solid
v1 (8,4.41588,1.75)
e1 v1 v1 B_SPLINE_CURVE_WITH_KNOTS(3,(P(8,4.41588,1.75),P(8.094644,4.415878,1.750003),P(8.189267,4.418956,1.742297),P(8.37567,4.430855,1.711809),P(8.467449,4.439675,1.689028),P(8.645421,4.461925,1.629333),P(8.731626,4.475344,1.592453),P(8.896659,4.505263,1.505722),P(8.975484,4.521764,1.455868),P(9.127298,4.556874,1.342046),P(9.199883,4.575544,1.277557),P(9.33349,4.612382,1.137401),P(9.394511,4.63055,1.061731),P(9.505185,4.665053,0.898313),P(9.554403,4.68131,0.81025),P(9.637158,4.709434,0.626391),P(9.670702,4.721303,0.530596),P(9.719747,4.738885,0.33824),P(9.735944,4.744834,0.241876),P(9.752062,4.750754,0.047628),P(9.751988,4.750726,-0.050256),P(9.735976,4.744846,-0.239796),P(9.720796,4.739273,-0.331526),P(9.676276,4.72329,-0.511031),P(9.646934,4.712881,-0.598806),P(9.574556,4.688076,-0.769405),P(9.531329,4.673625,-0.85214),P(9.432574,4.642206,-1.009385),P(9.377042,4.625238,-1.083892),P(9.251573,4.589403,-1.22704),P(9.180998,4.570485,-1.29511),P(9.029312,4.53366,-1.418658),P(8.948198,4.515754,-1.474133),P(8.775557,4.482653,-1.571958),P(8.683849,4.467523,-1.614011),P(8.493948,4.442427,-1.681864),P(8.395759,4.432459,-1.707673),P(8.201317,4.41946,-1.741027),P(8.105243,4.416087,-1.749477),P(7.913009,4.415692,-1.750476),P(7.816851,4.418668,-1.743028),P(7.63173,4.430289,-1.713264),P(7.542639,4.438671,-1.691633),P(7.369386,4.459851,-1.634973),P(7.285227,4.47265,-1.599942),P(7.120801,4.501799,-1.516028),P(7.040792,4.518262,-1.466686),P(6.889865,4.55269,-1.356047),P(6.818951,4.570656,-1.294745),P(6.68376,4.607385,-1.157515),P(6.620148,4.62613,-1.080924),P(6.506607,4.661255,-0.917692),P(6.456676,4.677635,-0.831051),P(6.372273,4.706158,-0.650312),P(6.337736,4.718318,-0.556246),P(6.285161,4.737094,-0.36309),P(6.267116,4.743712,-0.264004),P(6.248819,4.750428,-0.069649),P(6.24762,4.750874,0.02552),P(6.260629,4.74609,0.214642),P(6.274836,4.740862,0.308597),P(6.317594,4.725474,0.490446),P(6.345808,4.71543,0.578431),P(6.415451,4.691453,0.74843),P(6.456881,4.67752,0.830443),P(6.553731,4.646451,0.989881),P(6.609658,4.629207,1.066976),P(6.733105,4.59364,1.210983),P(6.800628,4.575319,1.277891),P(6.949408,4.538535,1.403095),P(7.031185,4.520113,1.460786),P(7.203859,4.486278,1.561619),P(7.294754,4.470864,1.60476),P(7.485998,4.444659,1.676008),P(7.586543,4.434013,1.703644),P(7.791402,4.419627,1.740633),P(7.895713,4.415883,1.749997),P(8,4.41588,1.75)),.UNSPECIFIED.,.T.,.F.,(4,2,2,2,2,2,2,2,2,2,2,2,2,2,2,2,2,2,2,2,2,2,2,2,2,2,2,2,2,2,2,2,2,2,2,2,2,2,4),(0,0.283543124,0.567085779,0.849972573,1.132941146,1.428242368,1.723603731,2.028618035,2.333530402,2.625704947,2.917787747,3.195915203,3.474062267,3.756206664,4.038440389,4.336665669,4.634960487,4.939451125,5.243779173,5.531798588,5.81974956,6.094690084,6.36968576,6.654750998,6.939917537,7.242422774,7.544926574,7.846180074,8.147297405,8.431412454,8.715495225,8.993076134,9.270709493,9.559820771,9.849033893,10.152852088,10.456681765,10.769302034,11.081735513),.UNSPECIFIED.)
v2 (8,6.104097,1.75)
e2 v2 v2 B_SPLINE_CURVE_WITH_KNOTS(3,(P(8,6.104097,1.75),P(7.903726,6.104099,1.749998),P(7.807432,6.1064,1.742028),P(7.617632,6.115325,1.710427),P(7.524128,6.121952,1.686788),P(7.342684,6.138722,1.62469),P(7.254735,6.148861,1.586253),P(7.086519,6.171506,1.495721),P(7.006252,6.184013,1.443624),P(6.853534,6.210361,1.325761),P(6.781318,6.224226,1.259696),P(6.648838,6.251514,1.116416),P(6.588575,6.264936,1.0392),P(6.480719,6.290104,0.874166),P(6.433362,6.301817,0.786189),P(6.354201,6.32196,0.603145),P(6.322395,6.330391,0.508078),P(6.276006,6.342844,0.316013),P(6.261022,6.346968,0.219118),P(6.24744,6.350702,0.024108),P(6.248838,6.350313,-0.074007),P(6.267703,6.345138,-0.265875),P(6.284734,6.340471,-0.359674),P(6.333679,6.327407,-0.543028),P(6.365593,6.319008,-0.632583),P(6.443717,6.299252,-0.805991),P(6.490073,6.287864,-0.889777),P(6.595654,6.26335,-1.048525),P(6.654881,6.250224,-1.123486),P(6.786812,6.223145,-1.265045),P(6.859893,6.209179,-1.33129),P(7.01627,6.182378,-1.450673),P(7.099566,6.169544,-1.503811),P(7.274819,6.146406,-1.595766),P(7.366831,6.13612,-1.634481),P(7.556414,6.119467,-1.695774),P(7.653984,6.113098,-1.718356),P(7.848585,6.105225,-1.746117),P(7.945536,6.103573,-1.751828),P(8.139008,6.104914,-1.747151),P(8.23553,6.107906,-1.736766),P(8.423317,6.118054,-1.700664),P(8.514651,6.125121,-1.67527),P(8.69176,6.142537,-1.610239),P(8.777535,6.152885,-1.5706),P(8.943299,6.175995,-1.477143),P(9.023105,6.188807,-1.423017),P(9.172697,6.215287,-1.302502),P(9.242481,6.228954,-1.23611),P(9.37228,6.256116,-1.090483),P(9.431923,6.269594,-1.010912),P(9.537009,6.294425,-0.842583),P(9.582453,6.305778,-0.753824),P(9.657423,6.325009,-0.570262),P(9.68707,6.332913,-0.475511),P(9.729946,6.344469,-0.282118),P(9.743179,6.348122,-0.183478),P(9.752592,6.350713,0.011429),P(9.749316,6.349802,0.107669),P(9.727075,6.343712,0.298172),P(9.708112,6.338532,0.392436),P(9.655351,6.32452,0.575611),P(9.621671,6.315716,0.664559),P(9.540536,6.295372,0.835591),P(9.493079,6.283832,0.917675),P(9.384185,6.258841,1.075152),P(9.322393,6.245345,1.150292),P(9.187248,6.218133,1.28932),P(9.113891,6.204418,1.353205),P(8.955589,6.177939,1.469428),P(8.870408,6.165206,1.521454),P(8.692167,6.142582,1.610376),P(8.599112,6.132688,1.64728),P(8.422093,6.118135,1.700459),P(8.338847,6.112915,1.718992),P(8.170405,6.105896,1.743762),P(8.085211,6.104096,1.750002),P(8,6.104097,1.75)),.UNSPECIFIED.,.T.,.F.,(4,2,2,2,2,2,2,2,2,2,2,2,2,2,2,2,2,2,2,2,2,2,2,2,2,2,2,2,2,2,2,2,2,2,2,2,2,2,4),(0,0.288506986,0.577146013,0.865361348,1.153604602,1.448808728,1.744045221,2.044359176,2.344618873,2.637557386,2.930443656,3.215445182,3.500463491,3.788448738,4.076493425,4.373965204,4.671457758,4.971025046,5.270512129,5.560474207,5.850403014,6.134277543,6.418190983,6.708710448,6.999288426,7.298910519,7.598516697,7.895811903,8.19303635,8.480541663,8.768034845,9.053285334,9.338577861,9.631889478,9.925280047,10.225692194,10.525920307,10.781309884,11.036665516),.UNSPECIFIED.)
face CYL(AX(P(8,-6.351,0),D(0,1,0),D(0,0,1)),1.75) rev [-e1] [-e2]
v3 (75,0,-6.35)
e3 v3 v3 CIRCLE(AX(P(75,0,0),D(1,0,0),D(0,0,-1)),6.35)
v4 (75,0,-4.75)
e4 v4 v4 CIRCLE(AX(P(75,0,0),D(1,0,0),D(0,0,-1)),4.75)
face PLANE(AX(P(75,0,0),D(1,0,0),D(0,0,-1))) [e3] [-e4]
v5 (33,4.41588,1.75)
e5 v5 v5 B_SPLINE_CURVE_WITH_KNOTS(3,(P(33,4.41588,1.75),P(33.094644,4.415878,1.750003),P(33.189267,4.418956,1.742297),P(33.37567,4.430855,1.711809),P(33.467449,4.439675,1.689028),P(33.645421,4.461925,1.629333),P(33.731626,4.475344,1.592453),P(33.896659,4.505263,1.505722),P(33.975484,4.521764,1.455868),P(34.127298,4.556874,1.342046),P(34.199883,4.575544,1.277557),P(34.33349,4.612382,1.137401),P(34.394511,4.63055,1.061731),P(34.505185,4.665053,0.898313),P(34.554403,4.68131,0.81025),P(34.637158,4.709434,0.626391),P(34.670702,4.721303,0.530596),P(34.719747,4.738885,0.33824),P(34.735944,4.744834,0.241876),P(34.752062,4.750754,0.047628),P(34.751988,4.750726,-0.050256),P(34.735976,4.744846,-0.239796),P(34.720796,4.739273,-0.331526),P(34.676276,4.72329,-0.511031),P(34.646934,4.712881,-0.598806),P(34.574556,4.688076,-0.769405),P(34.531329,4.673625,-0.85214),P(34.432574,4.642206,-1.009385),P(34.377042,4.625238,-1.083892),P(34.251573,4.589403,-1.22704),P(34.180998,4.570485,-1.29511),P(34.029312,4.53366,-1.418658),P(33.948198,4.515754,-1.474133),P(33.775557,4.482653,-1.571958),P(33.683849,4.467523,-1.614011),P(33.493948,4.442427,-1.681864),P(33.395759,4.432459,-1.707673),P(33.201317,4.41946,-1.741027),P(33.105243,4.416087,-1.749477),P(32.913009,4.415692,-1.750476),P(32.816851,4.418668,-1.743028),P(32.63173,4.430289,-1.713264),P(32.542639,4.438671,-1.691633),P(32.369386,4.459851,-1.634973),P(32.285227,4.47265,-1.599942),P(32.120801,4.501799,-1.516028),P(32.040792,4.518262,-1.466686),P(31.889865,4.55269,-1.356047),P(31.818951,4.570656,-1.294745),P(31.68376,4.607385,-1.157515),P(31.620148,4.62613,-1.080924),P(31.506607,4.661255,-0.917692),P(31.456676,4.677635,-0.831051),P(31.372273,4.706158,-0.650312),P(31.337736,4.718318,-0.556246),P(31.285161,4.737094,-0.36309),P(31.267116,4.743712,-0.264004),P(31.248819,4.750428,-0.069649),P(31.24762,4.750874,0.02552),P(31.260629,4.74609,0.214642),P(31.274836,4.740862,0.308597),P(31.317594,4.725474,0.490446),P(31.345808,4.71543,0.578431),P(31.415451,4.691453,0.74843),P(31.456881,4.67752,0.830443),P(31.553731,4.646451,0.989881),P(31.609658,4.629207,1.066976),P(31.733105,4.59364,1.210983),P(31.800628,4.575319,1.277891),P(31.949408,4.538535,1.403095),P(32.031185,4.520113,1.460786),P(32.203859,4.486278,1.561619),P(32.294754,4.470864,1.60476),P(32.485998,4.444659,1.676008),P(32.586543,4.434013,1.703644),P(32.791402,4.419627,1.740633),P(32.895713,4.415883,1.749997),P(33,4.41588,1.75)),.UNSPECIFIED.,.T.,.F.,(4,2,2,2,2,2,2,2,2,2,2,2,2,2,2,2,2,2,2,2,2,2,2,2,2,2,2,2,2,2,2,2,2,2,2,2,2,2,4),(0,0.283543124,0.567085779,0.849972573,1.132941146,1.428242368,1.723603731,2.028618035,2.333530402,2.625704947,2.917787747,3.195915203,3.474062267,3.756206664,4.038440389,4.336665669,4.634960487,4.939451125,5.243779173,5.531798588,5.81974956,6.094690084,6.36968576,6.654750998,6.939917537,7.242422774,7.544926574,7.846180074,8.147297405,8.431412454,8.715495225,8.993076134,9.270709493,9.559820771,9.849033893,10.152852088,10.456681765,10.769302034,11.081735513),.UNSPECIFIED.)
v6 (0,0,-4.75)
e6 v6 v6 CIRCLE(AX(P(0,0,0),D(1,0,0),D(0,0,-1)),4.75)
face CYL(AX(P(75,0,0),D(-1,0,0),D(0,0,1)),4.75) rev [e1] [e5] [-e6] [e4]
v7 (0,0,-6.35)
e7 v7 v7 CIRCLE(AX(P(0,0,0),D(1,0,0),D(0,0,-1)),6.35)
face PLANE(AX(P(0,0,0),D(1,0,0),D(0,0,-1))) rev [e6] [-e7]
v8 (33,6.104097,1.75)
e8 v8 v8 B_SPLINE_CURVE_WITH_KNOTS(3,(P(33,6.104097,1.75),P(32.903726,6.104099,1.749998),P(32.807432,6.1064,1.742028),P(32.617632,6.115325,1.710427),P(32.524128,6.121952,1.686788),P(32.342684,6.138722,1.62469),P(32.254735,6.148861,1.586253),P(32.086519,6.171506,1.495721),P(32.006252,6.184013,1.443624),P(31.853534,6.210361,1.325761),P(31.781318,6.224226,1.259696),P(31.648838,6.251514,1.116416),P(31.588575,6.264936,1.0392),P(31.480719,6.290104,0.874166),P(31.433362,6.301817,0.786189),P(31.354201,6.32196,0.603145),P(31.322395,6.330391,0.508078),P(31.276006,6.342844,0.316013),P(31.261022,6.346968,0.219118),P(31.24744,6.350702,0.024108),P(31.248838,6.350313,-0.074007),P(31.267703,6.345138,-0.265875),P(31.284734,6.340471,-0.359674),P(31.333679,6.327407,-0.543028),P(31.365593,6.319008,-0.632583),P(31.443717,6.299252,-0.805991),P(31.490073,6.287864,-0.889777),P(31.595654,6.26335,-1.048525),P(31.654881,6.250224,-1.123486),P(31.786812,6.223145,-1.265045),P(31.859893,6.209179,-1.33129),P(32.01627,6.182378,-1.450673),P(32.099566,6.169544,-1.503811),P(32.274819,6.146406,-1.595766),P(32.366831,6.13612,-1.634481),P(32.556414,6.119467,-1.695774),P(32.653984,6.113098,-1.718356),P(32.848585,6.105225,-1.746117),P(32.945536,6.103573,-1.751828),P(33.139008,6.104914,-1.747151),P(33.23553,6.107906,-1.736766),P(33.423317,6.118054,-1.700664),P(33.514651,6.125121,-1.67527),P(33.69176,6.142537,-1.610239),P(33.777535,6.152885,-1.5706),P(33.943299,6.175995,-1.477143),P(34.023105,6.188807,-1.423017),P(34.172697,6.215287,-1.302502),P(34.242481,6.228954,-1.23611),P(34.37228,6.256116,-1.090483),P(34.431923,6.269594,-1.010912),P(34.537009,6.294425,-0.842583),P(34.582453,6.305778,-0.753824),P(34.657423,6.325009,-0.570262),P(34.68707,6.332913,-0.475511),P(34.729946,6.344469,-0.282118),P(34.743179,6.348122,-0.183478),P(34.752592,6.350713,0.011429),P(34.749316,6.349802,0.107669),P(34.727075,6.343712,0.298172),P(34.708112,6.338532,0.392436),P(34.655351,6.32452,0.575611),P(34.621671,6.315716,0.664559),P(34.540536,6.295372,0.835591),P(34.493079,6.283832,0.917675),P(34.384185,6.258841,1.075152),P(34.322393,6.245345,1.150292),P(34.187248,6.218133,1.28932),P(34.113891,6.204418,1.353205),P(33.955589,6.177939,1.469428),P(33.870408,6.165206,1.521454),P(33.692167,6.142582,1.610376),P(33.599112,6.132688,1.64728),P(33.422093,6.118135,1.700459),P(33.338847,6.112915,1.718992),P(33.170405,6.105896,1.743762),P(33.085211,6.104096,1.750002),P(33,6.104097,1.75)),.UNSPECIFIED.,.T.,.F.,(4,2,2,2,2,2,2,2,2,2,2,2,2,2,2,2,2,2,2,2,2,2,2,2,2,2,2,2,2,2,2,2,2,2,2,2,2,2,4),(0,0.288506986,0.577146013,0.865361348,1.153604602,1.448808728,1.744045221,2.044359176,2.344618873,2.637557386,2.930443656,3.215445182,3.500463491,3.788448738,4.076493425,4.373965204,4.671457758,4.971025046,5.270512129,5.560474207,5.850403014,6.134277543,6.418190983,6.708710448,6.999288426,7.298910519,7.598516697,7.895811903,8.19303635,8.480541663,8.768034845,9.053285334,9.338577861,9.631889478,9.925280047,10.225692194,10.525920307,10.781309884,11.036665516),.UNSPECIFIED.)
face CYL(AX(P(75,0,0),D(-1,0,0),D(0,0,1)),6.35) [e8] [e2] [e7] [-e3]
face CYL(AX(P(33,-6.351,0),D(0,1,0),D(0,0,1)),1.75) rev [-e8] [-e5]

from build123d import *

# Parameters (mm, degrees)
SKETCH1_R               = 6.35
SKETCH1_R_2             = 4.75
BOSS_EXTRUDE1_DEPTH     = 75
CUT_EXTRUDE1_REACH      = 78.332
CUT_EXTRUDE1_END_RADIUS = 4.75
SKETCH2_R               = 1.75


with BuildPart() as part:
    # Sketch1 → Boss-Extrude1 (new body)
    with BuildSketch(Plane(origin=(0, 0, 0), x_dir=(0, 0, -1), z_dir=(1, 0, 0))):
        Circle(SKETCH1_R)
        Circle(SKETCH1_R_2, mode=Mode.SUBTRACT)
    extrude(amount=BOSS_EXTRUDE1_DEPTH)

    # Cut-Extrude1: up to this cylinder (the profile starts outside it)
    cut_extrude1_end = Plane(origin=(20.5, 0, 0), z_dir=(-1, 0, 0)) * Cylinder(CUT_EXTRUDE1_END_RADIUS, 192.164, mode=Mode.PRIVATE)
    # Sketch2 → Cut-Extrude1 (cut, up to the surface)
    with BuildSketch(Plane(origin=(0, 6.35, 0), x_dir=(1, 0, 0), z_dir=(0, 1, 0)), mode=Mode.PRIVATE) as cut_extrude1_sk1:
        with Locations(Location((8, 0, 0), (0, 0, 270))):
            Circle(SKETCH2_R)
    cut_extrude1_tool1 = extrude(cut_extrude1_sk1.sketch, amount=-CUT_EXTRUDE1_REACH, mode=Mode.PRIVATE) - cut_extrude1_end
    add(cut_extrude1_tool1.solids().sort_by_distance((8, 6.35, 0))[0], mode=Mode.SUBTRACT)
    # Sketch2 → Cut-Extrude1 (cut, up to the surface)
    with BuildSketch(Plane(origin=(0, 6.35, 0), x_dir=(1, 0, 0), z_dir=(0, 1, 0)), mode=Mode.PRIVATE) as cut_extrude1_sk2:
        with Locations(Location((33, 0, 0), (0, 0, 270))):
            Circle(SKETCH2_R)
    cut_extrude1_tool2 = extrude(cut_extrude1_sk2.sketch, amount=-CUT_EXTRUDE1_REACH, mode=Mode.PRIVATE) - cut_extrude1_end
    add(cut_extrude1_tool2.solids().sort_by_distance((33, 6.35, 0))[0], mode=Mode.SUBTRACT)


solid = part.part
